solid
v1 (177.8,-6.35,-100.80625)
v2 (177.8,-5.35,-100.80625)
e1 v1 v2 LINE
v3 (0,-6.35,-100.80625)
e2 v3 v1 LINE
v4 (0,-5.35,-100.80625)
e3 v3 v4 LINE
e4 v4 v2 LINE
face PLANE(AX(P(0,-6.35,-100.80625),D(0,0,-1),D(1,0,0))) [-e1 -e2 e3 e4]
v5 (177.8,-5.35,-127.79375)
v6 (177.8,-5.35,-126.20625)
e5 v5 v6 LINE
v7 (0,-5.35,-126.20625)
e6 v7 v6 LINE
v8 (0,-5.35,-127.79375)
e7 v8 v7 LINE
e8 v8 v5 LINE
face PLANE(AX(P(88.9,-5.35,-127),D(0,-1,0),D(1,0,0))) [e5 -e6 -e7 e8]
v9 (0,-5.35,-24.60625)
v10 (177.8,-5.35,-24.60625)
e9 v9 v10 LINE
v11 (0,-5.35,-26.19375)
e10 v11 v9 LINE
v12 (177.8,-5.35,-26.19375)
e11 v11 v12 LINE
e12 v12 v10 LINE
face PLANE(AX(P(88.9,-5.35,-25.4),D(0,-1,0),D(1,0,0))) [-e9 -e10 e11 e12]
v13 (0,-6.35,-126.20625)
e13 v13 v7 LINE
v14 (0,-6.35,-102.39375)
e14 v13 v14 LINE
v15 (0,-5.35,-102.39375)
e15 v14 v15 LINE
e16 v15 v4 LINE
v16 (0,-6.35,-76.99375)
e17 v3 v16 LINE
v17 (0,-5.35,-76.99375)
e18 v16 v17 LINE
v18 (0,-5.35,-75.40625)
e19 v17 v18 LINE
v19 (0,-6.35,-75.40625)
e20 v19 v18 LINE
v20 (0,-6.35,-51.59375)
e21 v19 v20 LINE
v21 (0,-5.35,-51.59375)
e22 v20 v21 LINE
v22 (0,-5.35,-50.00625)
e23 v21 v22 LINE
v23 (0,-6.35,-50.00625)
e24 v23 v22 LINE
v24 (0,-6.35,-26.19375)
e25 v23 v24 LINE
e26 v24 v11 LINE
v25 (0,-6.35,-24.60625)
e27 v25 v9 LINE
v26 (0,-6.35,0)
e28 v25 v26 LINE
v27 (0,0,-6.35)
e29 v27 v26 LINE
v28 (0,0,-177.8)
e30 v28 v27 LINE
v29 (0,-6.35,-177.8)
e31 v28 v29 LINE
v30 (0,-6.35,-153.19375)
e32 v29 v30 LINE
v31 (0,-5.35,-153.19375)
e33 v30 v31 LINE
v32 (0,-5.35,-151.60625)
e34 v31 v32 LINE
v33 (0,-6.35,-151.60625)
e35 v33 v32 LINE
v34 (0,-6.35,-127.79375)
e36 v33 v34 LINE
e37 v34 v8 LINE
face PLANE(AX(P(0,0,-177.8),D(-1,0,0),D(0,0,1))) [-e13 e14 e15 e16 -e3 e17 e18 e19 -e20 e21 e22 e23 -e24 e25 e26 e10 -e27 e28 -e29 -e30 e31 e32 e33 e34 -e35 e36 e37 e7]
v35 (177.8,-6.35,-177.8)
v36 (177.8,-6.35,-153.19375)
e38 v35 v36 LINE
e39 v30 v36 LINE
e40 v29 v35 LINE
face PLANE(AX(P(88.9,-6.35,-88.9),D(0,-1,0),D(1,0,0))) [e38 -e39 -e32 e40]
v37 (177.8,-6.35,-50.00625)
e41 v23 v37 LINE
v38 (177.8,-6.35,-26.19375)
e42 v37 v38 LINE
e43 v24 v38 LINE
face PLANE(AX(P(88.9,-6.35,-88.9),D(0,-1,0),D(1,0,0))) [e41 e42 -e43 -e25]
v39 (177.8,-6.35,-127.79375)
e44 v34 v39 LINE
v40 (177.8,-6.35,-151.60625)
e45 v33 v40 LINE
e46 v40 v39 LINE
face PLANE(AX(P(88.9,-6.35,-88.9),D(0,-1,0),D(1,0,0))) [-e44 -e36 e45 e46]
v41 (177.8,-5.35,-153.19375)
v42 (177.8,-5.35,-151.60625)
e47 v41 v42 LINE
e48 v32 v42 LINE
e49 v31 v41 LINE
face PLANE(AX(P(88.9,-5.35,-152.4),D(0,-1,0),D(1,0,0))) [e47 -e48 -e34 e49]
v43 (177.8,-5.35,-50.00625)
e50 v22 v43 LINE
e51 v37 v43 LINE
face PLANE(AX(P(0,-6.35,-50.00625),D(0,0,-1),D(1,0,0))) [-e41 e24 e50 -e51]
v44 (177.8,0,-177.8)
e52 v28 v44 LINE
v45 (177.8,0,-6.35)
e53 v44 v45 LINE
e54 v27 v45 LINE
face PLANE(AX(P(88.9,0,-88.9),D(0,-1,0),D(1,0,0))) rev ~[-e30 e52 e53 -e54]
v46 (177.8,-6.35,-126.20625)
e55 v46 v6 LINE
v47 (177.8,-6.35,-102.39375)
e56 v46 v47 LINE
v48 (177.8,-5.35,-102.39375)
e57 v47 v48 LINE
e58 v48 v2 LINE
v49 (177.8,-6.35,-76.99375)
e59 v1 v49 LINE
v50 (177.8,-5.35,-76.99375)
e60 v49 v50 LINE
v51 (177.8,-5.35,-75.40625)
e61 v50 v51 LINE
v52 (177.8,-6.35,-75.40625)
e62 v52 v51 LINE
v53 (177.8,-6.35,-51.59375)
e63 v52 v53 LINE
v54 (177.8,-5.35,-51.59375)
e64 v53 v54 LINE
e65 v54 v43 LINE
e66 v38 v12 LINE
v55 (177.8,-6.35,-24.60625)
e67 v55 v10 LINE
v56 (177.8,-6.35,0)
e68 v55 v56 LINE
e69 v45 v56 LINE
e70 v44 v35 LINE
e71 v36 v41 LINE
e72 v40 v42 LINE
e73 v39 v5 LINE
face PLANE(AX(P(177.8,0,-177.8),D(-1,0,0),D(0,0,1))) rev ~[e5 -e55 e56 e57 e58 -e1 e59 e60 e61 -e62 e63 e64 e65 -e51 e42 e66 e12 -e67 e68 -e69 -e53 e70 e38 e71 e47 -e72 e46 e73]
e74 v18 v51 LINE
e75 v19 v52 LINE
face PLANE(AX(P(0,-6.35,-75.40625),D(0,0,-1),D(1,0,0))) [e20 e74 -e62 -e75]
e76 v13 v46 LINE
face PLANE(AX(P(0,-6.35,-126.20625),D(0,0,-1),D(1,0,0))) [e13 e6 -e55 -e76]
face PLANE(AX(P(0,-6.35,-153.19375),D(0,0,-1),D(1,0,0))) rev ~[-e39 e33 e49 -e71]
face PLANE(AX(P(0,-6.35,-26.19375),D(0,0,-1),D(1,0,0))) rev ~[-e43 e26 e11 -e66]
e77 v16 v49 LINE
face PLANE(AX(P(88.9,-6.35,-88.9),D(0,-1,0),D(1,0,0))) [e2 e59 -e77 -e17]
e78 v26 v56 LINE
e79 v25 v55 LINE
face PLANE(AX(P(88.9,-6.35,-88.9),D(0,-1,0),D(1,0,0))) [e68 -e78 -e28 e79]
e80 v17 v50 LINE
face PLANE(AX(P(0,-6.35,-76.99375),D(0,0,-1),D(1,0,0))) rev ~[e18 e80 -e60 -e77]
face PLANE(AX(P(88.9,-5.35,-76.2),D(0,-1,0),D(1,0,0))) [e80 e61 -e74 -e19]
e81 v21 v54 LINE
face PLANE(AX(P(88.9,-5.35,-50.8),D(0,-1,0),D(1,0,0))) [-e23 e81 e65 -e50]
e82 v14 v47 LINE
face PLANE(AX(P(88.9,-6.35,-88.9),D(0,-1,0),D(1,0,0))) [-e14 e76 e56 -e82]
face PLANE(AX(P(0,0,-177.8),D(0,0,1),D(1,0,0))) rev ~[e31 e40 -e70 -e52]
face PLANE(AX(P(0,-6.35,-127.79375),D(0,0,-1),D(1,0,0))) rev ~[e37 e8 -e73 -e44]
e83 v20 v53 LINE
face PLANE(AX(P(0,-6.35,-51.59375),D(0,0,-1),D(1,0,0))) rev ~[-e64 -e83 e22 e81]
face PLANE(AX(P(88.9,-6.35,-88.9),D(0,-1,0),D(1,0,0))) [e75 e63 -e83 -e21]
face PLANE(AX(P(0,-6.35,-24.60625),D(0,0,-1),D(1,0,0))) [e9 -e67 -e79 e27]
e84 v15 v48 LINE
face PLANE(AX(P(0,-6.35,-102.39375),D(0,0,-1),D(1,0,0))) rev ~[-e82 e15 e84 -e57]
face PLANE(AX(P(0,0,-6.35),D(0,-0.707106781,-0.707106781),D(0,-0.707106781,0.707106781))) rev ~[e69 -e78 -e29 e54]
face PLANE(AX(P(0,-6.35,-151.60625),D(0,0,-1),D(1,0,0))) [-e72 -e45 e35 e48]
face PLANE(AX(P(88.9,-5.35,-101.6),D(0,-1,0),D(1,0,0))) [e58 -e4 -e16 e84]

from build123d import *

# Parameters (mm, degrees)
F0_W     = 177.8
F0_H     = 177.8
F1_DEPTH = 6.35
F3_DEPTH = 177.801
F4_W     = 177.8
F4_H     = 1.5875
F5_DEPTH = 1


with BuildPart() as f1:
    # F0 (on Front) → F1 (new body)
    with BuildSketch(Plane.XZ):
        with Locations((88.9, -88.9)):
            Rectangle(F0_W, F0_H)
    extrude(amount=F1_DEPTH)

    # F2 (on face) → F3 (cut, through all)
    with BuildSketch(Plane(origin=(0, 0, 0), x_dir=(0, -1, 0), z_dir=(-1, 0, 0))):
        Polygon((0, -6.35), (6.35, 0), (0, 0), align=None)
    extrude(amount=-F3_DEPTH, mode=Mode.SUBTRACT)

    # F4 (on face) → F5 (cut)
    with BuildSketch(Plane.XZ.offset(6.35)):
        with Locations((88.9, -25.4)):
            Rectangle(F4_W, F4_H)
        with Locations((88.9, -50.8)):
            Rectangle(F4_W, F4_H)
        with Locations((88.9, -76.2)):
            Rectangle(F4_W, F4_H)
        with Locations((88.9, -101.6)):
            Rectangle(F4_W, F4_H)
        with Locations((88.9, -127)):
            Rectangle(F4_W, F4_H)
        with Locations((88.9, -152.4)):
            Rectangle(F4_W, F4_H)
    extrude(amount=-F5_DEPTH, mode=Mode.SUBTRACT)


solid = f1.part
